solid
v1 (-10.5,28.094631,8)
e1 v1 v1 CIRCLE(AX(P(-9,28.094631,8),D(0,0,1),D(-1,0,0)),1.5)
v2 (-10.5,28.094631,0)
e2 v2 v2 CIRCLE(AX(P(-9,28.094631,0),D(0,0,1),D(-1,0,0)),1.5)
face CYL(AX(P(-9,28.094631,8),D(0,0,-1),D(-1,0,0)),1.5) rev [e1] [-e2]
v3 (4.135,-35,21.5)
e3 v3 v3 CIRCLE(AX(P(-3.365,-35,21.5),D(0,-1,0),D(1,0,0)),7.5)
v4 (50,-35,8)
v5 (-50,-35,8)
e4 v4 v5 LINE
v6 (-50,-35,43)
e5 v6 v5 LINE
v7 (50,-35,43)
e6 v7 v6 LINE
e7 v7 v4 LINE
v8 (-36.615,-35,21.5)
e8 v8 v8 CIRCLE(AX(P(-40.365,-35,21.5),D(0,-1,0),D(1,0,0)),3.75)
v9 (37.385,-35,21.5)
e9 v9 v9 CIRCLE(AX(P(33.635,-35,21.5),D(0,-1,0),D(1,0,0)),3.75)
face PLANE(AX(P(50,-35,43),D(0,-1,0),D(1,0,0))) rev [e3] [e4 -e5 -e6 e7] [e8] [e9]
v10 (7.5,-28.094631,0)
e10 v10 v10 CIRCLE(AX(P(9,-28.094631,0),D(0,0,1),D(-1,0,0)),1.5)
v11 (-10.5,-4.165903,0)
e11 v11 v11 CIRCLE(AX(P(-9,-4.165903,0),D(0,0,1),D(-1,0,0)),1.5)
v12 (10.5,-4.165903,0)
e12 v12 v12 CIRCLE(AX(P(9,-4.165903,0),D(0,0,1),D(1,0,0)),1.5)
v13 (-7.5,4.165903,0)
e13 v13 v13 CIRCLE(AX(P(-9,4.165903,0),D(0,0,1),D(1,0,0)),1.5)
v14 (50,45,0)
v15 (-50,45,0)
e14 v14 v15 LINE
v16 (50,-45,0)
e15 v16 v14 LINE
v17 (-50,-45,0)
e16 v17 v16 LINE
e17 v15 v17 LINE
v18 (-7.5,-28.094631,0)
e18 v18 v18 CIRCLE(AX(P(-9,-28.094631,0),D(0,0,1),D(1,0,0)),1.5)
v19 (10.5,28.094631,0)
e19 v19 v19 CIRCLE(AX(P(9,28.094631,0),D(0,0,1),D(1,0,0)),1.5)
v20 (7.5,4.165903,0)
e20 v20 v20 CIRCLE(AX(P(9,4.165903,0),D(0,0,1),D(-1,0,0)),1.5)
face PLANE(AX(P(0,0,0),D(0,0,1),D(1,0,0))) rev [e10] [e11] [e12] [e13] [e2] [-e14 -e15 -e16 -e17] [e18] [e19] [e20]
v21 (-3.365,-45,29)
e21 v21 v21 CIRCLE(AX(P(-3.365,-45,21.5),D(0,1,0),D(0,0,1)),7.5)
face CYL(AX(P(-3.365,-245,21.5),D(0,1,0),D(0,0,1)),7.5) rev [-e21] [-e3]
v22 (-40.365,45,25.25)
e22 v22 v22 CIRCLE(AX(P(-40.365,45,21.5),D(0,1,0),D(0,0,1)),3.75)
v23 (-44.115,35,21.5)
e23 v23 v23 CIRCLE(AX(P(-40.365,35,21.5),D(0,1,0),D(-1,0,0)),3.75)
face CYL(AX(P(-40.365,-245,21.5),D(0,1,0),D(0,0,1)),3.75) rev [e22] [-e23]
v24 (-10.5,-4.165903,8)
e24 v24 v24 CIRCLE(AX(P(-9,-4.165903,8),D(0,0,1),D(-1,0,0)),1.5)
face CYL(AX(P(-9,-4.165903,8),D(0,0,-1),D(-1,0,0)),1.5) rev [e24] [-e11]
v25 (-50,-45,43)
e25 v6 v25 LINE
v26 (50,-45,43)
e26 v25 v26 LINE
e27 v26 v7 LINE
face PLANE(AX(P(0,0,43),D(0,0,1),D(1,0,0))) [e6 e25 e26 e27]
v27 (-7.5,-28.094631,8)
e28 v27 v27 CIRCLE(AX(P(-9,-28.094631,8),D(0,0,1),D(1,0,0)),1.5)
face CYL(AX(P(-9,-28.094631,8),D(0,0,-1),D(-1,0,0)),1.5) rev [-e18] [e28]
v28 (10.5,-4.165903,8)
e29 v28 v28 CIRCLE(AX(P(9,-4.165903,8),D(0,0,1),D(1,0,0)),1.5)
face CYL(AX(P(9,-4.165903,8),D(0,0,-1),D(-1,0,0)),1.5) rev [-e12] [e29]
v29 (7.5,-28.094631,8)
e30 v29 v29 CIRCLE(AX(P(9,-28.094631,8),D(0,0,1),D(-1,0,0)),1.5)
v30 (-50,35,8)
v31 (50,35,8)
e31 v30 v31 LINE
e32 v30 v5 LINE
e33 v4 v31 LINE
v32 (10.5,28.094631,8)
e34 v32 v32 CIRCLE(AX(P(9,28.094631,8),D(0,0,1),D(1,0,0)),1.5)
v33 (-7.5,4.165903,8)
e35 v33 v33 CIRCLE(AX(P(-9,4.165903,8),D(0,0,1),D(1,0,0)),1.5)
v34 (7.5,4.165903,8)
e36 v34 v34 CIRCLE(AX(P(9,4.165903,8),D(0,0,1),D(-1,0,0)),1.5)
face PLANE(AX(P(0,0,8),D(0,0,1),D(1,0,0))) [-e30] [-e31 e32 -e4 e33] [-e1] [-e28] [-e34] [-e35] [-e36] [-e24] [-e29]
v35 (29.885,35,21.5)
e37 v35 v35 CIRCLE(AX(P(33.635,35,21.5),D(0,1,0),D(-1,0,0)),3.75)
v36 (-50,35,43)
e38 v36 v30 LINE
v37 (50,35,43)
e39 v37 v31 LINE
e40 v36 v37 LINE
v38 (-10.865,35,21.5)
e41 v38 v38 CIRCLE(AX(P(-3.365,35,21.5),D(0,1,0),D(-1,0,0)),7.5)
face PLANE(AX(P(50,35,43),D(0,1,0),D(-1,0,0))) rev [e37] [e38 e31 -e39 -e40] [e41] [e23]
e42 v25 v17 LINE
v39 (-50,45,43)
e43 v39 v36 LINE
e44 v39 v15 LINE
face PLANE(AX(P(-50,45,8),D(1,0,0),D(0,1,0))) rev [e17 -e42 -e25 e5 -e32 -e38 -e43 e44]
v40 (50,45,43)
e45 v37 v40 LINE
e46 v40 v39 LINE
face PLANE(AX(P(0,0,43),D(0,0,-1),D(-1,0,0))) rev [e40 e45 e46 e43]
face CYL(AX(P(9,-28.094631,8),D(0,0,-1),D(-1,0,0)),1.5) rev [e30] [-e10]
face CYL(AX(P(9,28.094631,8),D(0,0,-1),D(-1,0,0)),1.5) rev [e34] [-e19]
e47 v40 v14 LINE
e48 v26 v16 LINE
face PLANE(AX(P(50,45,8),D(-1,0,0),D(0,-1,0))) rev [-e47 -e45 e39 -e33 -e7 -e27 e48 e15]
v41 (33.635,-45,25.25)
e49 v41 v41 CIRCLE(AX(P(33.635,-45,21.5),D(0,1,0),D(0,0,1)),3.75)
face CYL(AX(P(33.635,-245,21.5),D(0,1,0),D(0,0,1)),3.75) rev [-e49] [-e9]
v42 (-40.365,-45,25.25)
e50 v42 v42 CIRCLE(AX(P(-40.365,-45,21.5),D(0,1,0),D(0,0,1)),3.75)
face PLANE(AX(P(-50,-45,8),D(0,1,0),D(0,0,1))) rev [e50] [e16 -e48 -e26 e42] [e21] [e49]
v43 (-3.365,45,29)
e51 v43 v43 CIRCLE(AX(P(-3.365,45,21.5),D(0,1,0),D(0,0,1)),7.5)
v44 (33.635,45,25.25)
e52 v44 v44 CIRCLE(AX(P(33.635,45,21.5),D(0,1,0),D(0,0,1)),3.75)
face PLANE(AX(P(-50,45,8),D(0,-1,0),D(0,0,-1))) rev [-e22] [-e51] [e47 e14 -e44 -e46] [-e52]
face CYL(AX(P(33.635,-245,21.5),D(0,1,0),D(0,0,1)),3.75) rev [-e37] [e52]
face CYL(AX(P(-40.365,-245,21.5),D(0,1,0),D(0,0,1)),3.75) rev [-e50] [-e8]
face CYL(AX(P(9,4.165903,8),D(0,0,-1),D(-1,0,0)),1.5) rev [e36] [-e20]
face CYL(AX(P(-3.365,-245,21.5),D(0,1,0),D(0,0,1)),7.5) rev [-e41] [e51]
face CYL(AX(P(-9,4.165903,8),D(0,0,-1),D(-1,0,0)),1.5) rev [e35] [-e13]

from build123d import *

# Parameters (mm, degrees)
SKETCH2_W           = 100
SKETCH2_H           = 90
SKETCH2_R           = 1.5
BOSS_EXTRUDE1_DEPTH = 8
SKETCH5_W           = 100
SKETCH5_H           = 10
BOSS_EXTRUDE2_DEPTH = 35
SKETCH7_R           = 7.5
SKETCH7_R_2         = 3.75
CUT_EXTRUDE2_DEPTH  = 290


with BuildPart() as part:
    # Sketch2 → Boss-Extrude1 (new body)
    with BuildSketch(Plane.XY):
        Rectangle(SKETCH2_W, SKETCH2_H)
        with Locations(Location((-9, -4.165902831, 0), (0, 0, 180))):
            Circle(SKETCH2_R, mode=Mode.SUBTRACT)
        with Locations(Location((9, -28.094631071, 0), (0, 0, 180))):
            Circle(SKETCH2_R, mode=Mode.SUBTRACT)
        with Locations((9, -4.165902831)):
            Circle(SKETCH2_R, mode=Mode.SUBTRACT)
        with Locations((-9, -28.094631071)):
            Circle(SKETCH2_R, mode=Mode.SUBTRACT)
        with Locations(Location((-9, 28.094631071, 0), (0, 0, 180))):
            Circle(SKETCH2_R, mode=Mode.SUBTRACT)
        with Locations((9, 28.094631071)):
            Circle(SKETCH2_R, mode=Mode.SUBTRACT)
        with Locations(Location((9, 4.165902831, 0), (0, 0, 180))):
            Circle(SKETCH2_R, mode=Mode.SUBTRACT)
        with Locations((-9, 4.165902831)):
            Circle(SKETCH2_R, mode=Mode.SUBTRACT)
    extrude(amount=BOSS_EXTRUDE1_DEPTH)

    # Sketch5 → Boss-Extrude2 (add)
    with BuildSketch(Plane.XY.offset(8)):
        with Locations((0, 40)):
            Rectangle(SKETCH5_W, SKETCH5_H)
        with Locations((0, -40)):
            Rectangle(SKETCH5_W, SKETCH5_H)
    extrude(amount=BOSS_EXTRUDE2_DEPTH)

    # Sketch7 → Cut-Extrude2 (cut)
    with BuildSketch(Plane(origin=(0, 45, 0), x_dir=(1, 0, 0), z_dir=(0, 1, 0))):
        with Locations(Location((-3.365, -21.5, 0), (0, 0, 270))):
            Circle(SKETCH7_R)
        with Locations(Location((-40.365, -21.5, 0), (0, 0, 270))):
            Circle(SKETCH7_R_2)
        with Locations(Location((33.635, -21.5, 0), (0, 0, 270))):
            Circle(SKETCH7_R_2)
    extrude(amount=-CUT_EXTRUDE2_DEPTH, mode=Mode.SUBTRACT)


solid = part.part
